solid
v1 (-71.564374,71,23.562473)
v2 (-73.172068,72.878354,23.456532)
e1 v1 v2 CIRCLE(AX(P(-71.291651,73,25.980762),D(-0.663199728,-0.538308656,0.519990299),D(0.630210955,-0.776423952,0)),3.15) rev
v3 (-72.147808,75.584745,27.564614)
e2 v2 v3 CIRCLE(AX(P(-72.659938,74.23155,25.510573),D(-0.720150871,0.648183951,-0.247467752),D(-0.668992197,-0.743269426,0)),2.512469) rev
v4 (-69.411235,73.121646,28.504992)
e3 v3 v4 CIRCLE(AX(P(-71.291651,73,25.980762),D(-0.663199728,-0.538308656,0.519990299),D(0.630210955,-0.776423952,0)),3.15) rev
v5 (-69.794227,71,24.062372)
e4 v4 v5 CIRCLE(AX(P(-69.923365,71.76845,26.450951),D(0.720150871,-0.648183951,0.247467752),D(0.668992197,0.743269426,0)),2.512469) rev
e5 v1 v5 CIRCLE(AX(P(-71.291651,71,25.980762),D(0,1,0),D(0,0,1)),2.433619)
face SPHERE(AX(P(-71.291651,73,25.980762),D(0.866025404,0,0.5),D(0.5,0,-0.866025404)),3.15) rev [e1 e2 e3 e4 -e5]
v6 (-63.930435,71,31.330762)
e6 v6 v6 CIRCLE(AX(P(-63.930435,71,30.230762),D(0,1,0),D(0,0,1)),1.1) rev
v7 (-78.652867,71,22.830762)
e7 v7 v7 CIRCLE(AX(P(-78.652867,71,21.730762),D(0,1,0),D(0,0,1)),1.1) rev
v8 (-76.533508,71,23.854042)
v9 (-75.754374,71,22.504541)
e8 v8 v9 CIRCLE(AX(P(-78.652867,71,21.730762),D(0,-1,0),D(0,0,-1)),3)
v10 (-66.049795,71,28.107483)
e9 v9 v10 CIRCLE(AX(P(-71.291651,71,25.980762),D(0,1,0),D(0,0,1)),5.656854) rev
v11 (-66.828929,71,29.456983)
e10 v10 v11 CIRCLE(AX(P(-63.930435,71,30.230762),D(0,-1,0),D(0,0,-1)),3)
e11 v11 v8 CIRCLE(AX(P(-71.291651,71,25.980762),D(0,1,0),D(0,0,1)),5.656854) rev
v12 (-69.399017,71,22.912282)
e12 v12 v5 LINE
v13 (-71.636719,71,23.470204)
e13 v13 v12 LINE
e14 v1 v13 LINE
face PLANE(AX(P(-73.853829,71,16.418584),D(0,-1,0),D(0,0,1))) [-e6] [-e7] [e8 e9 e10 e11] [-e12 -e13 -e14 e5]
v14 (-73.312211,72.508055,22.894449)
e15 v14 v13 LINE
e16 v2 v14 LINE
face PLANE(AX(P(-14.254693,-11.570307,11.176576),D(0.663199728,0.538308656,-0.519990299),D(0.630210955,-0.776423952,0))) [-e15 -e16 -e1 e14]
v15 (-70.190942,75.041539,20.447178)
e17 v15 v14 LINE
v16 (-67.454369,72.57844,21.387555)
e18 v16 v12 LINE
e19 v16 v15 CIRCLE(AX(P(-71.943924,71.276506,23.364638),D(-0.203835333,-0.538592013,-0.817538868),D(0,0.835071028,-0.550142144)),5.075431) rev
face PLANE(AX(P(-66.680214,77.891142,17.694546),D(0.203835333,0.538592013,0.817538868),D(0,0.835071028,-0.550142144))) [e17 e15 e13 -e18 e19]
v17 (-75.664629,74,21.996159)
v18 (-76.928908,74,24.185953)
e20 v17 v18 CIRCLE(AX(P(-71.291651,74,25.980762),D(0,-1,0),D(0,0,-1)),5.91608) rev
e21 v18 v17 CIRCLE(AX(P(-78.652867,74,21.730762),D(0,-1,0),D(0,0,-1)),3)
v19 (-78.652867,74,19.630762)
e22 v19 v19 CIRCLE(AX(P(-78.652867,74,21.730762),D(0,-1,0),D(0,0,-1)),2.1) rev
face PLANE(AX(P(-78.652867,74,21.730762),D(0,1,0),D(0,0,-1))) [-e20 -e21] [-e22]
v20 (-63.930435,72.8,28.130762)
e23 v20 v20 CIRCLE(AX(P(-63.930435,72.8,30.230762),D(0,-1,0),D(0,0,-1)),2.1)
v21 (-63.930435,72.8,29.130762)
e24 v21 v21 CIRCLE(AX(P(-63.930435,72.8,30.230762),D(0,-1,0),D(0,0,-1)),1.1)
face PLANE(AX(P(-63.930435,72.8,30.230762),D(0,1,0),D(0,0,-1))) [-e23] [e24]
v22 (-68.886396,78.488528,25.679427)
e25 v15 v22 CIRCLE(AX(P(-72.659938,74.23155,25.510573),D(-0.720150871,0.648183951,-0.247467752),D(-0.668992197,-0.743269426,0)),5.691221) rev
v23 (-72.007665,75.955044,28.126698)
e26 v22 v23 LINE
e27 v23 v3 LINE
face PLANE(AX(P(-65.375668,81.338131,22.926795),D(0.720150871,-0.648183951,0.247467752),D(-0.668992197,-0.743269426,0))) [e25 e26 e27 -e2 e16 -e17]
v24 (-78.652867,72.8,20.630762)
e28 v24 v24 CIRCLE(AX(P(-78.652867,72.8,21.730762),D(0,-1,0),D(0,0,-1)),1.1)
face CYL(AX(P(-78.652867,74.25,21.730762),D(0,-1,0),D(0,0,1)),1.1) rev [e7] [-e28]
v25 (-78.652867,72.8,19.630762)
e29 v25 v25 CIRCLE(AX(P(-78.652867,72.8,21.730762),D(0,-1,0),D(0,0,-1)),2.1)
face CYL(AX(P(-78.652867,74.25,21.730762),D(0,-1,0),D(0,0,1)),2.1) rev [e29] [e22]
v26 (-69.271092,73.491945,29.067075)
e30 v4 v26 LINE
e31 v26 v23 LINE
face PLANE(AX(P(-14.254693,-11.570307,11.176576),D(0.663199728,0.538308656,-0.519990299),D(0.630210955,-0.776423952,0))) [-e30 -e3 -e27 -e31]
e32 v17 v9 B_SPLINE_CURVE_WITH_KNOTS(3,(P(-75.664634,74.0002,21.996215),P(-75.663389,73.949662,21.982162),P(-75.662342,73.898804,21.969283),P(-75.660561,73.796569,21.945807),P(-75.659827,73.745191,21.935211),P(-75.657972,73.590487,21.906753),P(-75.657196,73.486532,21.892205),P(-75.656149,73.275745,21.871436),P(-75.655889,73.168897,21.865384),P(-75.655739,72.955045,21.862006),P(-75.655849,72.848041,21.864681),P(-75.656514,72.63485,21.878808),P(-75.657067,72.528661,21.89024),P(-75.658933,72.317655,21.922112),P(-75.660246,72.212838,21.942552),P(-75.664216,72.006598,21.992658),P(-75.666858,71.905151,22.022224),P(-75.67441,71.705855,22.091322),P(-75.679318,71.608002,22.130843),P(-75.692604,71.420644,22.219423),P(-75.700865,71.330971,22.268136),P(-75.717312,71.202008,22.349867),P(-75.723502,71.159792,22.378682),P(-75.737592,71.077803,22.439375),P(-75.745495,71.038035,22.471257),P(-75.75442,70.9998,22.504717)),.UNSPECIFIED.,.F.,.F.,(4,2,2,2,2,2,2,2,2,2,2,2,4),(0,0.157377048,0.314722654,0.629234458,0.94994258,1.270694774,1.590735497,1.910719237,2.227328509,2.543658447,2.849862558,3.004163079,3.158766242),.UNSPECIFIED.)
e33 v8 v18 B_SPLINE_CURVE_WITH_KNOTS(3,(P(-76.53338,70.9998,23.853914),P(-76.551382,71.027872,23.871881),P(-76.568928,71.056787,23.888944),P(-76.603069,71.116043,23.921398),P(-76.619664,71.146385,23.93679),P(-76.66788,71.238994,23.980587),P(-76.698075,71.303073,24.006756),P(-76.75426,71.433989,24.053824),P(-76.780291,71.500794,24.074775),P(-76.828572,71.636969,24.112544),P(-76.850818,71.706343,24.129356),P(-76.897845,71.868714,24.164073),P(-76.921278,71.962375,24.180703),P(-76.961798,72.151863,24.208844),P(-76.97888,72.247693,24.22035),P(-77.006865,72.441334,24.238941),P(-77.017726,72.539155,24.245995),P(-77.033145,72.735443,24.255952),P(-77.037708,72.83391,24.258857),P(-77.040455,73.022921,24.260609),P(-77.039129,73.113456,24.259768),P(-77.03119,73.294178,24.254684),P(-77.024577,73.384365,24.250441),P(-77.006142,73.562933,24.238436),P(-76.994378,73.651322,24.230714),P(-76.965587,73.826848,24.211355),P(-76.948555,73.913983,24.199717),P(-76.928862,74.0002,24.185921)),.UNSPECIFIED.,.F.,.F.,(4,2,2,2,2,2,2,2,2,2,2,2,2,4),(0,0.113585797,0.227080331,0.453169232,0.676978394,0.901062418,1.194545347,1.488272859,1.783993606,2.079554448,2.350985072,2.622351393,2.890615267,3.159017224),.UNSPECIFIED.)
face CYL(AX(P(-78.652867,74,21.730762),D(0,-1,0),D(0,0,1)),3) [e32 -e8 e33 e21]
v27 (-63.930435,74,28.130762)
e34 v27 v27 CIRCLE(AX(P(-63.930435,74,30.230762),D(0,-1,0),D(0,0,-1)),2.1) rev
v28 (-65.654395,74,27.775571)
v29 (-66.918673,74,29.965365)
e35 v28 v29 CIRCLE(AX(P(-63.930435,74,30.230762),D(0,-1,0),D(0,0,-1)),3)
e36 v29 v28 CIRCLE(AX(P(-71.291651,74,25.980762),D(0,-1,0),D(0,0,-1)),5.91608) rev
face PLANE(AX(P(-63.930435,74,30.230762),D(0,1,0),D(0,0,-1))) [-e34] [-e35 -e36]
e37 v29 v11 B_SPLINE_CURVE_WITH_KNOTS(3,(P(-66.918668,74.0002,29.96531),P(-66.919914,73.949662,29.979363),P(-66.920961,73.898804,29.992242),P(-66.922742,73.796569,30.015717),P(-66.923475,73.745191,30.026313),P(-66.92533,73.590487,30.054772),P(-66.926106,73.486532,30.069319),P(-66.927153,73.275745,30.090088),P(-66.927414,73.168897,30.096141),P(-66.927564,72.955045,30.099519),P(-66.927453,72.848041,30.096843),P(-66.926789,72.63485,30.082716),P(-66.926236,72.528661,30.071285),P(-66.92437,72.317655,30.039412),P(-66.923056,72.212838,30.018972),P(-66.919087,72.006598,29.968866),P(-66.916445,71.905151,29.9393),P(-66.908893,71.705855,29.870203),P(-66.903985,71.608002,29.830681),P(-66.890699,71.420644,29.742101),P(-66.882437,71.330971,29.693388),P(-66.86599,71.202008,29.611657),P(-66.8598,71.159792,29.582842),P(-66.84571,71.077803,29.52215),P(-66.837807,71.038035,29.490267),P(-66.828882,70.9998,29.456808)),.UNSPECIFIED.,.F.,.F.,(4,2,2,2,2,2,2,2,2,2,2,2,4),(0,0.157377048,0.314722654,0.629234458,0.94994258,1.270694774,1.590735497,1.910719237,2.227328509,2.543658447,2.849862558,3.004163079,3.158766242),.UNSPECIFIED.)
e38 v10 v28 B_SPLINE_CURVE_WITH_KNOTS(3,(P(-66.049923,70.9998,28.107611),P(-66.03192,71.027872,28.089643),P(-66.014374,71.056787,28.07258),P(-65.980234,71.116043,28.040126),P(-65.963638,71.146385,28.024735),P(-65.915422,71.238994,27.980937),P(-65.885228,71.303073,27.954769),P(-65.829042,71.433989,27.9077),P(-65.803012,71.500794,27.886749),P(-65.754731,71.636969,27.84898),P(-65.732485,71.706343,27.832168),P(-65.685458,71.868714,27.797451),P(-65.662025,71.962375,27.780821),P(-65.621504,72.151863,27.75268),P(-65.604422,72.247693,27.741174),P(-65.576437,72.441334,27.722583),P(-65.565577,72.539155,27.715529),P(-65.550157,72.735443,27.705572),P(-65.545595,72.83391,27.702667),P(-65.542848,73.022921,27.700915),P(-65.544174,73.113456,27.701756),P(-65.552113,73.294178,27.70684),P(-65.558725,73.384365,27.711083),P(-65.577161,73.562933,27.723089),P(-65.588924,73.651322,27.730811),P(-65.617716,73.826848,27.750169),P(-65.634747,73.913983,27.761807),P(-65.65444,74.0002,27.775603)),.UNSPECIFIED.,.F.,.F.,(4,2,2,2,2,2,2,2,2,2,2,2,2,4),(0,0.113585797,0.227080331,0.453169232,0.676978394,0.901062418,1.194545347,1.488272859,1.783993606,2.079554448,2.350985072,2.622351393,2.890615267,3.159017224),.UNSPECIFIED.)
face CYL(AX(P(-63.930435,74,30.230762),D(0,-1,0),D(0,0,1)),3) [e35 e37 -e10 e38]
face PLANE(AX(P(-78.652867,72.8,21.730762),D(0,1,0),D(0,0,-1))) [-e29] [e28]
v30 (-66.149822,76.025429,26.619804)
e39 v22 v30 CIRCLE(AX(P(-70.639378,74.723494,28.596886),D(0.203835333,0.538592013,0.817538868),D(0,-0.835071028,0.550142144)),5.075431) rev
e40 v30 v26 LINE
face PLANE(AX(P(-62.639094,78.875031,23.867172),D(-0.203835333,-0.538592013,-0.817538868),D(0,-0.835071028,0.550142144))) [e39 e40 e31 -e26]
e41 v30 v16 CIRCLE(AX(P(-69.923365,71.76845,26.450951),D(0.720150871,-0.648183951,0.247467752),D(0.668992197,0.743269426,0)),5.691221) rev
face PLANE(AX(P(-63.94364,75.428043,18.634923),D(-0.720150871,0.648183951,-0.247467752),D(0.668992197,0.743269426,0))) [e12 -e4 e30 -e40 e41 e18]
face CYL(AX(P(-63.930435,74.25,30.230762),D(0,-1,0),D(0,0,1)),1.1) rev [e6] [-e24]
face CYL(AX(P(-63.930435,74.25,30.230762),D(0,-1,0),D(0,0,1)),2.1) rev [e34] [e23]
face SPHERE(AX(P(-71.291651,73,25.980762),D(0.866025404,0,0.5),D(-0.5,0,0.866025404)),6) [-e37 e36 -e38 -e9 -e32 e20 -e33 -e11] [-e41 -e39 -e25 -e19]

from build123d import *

# Parameters (mm, degrees)
DOME_TRIM_SKETCH_W           = 13.999999999999993
DOME_TRIM_SKETCH_H           = 5.000000000000014
DOME_TRIM_DEPTH              = 14
RETAINER_FEATURE_3_PROFILE_R = 3.0000000000000027
RETAINER_FEATURE_3_DEPTH     = 3
RETAINER_FEATURE_4_PROFILE_R = 3.0000000000000027
RETAINER_FEATURE_4_DEPTH     = 3
RETAINER_FEATURE_6_PROFILE_R = 1.1000000000000036
RETAINER_FEATURE_6_DEPTH     = 4.25
RETAINER_FEATURE_7_PROFILE_R = 2.1000000000000045
RETAINER_FEATURE_7_DEPTH     = 1.45
RETAINER_FEATURE_8_PROFILE_R = 1.1000000000000036
RETAINER_FEATURE_8_DEPTH     = 4.25
RETAINER_FEATURE_9_PROFILE_R = 2.1000000000000045
RETAINER_FEATURE_9_DEPTH     = 1.45
RETAINER_FEATURE_12_DEPTH    = 10


with BuildPart() as part:
    # Retainer Dome Sketch → Retainer Dome (revolve)
    with BuildSketch(Plane(origin=(0, -73, 0), x_dir=(-1, 0, 0), z_dir=(0, -1, 0))):
        with BuildLine():
            Line((76.48780366869515, -22.98076211353316), (66.09549882328189, -28.980762113533164))
            ThreePointArc((66.09549882328189, -28.980762113533164), (74.29165124598852, -31.176914536239792), (76.48780366869515, -22.98076211353316))
        make_face()
    revolve(axis=Axis((-62.63139720814413, -73, 30.98076211353316), (-0.8660254037844387, 0, -0.49999999999999994)))

    # Dome Trim Sketch → Dome Trim (cut)
    with BuildSketch(Plane(origin=(-36.156560608000376, 0, -20.874999999999996), x_dir=(-0.49999999999999944, 0, 0.866025403784439), z_dir=(-0.866025403784439, 0, -0.49999999999999944))):
        with Locations((58.145825622994224, -68.5)):
            Rectangle(DOME_TRIM_SKETCH_W, DOME_TRIM_SKETCH_H)
    extrude(amount=DOME_TRIM_DEPTH, mode=Mode.SUBTRACT)

    # Retainer Feature 3 profile → Retainer Feature 3 (add)
    with BuildSketch(Plane(origin=(0, -71.00000000000001, 0), x_dir=(-1, 0, 0), z_dir=(0, -1, 0))):
        with Locations((63.93043531382078, -30.23076211353316)):
            Circle(RETAINER_FEATURE_3_PROFILE_R)
    extrude(amount=RETAINER_FEATURE_3_DEPTH)

    # Retainer Feature 4 profile → Retainer Feature 4 (add)
    with BuildSketch(Plane(origin=(0, -71.00000000000001, 0), x_dir=(-1, 0, 0), z_dir=(0, -1, 0))):
        with Locations((78.65286717815624, -21.73076211353316)):
            Circle(RETAINER_FEATURE_4_PROFILE_R)
    extrude(amount=RETAINER_FEATURE_4_DEPTH)

    # Spherical Seat Sketch → Spherical Seat (revolve, cut)
    with BuildSketch(Plane(origin=(0, -73, 0), x_dir=(-1, 0, 0), z_dir=(0, -1, 0))):
        with BuildLine():
            Line((74.0196312679095, -24.405762113533164), (68.56367122406753, -27.55576211353316))
            ThreePointArc((68.56367122406753, -27.55576211353316), (72.86665124598852, -28.708742135454145), (74.0196312679095, -24.405762113533164))
        make_face()
    revolve(axis=Axis((-62.63139720814413, -73, 30.98076211353316), (-0.8660254037844387, 0, -0.49999999999999994)), mode=Mode.SUBTRACT)

    # Retainer Feature 6 profile → Retainer Feature 6 (cut)
    with BuildSketch(Plane(origin=(0, -70, 0), x_dir=(-1, 0, 0), z_dir=(0, -1, 0))):
        with Locations(Location((63.93043531382078, -30.23076211353316, 0), (0, 0, 270))):
            Circle(RETAINER_FEATURE_6_PROFILE_R)
    extrude(amount=RETAINER_FEATURE_6_DEPTH, mode=Mode.SUBTRACT)

    # Retainer Feature 7 profile → Retainer Feature 7 (cut)
    with BuildSketch(Plane(origin=(0, -72.8, 0), x_dir=(-1, 0, 0), z_dir=(0, -1, 0))):
        with Locations(Location((63.93043531382078, -30.23076211353316, 0), (0, 0, 90))):
            Circle(RETAINER_FEATURE_7_PROFILE_R)
    extrude(amount=RETAINER_FEATURE_7_DEPTH, mode=Mode.SUBTRACT)

    # Retainer Feature 8 profile → Retainer Feature 8 (cut)
    with BuildSketch(Plane(origin=(0, -70, 0), x_dir=(-1, 0, 0), z_dir=(0, -1, 0))):
        with Locations(Location((78.65286717815624, -21.73076211353316, 0), (0, 0, 270))):
            Circle(RETAINER_FEATURE_8_PROFILE_R)
    extrude(amount=RETAINER_FEATURE_8_DEPTH, mode=Mode.SUBTRACT)

    # Retainer Feature 9 profile → Retainer Feature 9 (cut)
    with BuildSketch(Plane(origin=(0, -72.8, 0), x_dir=(-1, 0, 0), z_dir=(0, -1, 0))):
        with Locations(Location((78.65286717815624, -21.73076211353316, 0), (0, 0, 90))):
            Circle(RETAINER_FEATURE_9_PROFILE_R)
    extrude(amount=RETAINER_FEATURE_9_DEPTH, mode=Mode.SUBTRACT)

    # Middle Right Fixed Compression Ball Reta → Retainer Feature 12 (cut)
    with BuildSketch(Plane(origin=(-14.254693004611807, 11.570307263062045, 11.176575862570404), x_dir=(-0.403732922701292, 0.3277035826977628, -0.854172165909264), z_dir=(0.6631997284167646, -0.5383086561091629, -0.5199902989343905))):
        Polygon((-14.819319931758496, -98.86212155097724), (-20.944840012243684, -100.71630701731351), (-19.843917391606514, -104.3533345651016), (-13.718397311121315, -102.49914909876533), align=None)
    extrude(amount=RETAINER_FEATURE_12_DEPTH, mode=Mode.SUBTRACT)


with BuildPart() as body_2:
    # Mirror1: mirrored copy
    add(part.part.mirror(Plane(origin=(0, 0, 0), x_dir=(0, 0, 1), z_dir=(0, -1, 0))))


solid = body_2.part
